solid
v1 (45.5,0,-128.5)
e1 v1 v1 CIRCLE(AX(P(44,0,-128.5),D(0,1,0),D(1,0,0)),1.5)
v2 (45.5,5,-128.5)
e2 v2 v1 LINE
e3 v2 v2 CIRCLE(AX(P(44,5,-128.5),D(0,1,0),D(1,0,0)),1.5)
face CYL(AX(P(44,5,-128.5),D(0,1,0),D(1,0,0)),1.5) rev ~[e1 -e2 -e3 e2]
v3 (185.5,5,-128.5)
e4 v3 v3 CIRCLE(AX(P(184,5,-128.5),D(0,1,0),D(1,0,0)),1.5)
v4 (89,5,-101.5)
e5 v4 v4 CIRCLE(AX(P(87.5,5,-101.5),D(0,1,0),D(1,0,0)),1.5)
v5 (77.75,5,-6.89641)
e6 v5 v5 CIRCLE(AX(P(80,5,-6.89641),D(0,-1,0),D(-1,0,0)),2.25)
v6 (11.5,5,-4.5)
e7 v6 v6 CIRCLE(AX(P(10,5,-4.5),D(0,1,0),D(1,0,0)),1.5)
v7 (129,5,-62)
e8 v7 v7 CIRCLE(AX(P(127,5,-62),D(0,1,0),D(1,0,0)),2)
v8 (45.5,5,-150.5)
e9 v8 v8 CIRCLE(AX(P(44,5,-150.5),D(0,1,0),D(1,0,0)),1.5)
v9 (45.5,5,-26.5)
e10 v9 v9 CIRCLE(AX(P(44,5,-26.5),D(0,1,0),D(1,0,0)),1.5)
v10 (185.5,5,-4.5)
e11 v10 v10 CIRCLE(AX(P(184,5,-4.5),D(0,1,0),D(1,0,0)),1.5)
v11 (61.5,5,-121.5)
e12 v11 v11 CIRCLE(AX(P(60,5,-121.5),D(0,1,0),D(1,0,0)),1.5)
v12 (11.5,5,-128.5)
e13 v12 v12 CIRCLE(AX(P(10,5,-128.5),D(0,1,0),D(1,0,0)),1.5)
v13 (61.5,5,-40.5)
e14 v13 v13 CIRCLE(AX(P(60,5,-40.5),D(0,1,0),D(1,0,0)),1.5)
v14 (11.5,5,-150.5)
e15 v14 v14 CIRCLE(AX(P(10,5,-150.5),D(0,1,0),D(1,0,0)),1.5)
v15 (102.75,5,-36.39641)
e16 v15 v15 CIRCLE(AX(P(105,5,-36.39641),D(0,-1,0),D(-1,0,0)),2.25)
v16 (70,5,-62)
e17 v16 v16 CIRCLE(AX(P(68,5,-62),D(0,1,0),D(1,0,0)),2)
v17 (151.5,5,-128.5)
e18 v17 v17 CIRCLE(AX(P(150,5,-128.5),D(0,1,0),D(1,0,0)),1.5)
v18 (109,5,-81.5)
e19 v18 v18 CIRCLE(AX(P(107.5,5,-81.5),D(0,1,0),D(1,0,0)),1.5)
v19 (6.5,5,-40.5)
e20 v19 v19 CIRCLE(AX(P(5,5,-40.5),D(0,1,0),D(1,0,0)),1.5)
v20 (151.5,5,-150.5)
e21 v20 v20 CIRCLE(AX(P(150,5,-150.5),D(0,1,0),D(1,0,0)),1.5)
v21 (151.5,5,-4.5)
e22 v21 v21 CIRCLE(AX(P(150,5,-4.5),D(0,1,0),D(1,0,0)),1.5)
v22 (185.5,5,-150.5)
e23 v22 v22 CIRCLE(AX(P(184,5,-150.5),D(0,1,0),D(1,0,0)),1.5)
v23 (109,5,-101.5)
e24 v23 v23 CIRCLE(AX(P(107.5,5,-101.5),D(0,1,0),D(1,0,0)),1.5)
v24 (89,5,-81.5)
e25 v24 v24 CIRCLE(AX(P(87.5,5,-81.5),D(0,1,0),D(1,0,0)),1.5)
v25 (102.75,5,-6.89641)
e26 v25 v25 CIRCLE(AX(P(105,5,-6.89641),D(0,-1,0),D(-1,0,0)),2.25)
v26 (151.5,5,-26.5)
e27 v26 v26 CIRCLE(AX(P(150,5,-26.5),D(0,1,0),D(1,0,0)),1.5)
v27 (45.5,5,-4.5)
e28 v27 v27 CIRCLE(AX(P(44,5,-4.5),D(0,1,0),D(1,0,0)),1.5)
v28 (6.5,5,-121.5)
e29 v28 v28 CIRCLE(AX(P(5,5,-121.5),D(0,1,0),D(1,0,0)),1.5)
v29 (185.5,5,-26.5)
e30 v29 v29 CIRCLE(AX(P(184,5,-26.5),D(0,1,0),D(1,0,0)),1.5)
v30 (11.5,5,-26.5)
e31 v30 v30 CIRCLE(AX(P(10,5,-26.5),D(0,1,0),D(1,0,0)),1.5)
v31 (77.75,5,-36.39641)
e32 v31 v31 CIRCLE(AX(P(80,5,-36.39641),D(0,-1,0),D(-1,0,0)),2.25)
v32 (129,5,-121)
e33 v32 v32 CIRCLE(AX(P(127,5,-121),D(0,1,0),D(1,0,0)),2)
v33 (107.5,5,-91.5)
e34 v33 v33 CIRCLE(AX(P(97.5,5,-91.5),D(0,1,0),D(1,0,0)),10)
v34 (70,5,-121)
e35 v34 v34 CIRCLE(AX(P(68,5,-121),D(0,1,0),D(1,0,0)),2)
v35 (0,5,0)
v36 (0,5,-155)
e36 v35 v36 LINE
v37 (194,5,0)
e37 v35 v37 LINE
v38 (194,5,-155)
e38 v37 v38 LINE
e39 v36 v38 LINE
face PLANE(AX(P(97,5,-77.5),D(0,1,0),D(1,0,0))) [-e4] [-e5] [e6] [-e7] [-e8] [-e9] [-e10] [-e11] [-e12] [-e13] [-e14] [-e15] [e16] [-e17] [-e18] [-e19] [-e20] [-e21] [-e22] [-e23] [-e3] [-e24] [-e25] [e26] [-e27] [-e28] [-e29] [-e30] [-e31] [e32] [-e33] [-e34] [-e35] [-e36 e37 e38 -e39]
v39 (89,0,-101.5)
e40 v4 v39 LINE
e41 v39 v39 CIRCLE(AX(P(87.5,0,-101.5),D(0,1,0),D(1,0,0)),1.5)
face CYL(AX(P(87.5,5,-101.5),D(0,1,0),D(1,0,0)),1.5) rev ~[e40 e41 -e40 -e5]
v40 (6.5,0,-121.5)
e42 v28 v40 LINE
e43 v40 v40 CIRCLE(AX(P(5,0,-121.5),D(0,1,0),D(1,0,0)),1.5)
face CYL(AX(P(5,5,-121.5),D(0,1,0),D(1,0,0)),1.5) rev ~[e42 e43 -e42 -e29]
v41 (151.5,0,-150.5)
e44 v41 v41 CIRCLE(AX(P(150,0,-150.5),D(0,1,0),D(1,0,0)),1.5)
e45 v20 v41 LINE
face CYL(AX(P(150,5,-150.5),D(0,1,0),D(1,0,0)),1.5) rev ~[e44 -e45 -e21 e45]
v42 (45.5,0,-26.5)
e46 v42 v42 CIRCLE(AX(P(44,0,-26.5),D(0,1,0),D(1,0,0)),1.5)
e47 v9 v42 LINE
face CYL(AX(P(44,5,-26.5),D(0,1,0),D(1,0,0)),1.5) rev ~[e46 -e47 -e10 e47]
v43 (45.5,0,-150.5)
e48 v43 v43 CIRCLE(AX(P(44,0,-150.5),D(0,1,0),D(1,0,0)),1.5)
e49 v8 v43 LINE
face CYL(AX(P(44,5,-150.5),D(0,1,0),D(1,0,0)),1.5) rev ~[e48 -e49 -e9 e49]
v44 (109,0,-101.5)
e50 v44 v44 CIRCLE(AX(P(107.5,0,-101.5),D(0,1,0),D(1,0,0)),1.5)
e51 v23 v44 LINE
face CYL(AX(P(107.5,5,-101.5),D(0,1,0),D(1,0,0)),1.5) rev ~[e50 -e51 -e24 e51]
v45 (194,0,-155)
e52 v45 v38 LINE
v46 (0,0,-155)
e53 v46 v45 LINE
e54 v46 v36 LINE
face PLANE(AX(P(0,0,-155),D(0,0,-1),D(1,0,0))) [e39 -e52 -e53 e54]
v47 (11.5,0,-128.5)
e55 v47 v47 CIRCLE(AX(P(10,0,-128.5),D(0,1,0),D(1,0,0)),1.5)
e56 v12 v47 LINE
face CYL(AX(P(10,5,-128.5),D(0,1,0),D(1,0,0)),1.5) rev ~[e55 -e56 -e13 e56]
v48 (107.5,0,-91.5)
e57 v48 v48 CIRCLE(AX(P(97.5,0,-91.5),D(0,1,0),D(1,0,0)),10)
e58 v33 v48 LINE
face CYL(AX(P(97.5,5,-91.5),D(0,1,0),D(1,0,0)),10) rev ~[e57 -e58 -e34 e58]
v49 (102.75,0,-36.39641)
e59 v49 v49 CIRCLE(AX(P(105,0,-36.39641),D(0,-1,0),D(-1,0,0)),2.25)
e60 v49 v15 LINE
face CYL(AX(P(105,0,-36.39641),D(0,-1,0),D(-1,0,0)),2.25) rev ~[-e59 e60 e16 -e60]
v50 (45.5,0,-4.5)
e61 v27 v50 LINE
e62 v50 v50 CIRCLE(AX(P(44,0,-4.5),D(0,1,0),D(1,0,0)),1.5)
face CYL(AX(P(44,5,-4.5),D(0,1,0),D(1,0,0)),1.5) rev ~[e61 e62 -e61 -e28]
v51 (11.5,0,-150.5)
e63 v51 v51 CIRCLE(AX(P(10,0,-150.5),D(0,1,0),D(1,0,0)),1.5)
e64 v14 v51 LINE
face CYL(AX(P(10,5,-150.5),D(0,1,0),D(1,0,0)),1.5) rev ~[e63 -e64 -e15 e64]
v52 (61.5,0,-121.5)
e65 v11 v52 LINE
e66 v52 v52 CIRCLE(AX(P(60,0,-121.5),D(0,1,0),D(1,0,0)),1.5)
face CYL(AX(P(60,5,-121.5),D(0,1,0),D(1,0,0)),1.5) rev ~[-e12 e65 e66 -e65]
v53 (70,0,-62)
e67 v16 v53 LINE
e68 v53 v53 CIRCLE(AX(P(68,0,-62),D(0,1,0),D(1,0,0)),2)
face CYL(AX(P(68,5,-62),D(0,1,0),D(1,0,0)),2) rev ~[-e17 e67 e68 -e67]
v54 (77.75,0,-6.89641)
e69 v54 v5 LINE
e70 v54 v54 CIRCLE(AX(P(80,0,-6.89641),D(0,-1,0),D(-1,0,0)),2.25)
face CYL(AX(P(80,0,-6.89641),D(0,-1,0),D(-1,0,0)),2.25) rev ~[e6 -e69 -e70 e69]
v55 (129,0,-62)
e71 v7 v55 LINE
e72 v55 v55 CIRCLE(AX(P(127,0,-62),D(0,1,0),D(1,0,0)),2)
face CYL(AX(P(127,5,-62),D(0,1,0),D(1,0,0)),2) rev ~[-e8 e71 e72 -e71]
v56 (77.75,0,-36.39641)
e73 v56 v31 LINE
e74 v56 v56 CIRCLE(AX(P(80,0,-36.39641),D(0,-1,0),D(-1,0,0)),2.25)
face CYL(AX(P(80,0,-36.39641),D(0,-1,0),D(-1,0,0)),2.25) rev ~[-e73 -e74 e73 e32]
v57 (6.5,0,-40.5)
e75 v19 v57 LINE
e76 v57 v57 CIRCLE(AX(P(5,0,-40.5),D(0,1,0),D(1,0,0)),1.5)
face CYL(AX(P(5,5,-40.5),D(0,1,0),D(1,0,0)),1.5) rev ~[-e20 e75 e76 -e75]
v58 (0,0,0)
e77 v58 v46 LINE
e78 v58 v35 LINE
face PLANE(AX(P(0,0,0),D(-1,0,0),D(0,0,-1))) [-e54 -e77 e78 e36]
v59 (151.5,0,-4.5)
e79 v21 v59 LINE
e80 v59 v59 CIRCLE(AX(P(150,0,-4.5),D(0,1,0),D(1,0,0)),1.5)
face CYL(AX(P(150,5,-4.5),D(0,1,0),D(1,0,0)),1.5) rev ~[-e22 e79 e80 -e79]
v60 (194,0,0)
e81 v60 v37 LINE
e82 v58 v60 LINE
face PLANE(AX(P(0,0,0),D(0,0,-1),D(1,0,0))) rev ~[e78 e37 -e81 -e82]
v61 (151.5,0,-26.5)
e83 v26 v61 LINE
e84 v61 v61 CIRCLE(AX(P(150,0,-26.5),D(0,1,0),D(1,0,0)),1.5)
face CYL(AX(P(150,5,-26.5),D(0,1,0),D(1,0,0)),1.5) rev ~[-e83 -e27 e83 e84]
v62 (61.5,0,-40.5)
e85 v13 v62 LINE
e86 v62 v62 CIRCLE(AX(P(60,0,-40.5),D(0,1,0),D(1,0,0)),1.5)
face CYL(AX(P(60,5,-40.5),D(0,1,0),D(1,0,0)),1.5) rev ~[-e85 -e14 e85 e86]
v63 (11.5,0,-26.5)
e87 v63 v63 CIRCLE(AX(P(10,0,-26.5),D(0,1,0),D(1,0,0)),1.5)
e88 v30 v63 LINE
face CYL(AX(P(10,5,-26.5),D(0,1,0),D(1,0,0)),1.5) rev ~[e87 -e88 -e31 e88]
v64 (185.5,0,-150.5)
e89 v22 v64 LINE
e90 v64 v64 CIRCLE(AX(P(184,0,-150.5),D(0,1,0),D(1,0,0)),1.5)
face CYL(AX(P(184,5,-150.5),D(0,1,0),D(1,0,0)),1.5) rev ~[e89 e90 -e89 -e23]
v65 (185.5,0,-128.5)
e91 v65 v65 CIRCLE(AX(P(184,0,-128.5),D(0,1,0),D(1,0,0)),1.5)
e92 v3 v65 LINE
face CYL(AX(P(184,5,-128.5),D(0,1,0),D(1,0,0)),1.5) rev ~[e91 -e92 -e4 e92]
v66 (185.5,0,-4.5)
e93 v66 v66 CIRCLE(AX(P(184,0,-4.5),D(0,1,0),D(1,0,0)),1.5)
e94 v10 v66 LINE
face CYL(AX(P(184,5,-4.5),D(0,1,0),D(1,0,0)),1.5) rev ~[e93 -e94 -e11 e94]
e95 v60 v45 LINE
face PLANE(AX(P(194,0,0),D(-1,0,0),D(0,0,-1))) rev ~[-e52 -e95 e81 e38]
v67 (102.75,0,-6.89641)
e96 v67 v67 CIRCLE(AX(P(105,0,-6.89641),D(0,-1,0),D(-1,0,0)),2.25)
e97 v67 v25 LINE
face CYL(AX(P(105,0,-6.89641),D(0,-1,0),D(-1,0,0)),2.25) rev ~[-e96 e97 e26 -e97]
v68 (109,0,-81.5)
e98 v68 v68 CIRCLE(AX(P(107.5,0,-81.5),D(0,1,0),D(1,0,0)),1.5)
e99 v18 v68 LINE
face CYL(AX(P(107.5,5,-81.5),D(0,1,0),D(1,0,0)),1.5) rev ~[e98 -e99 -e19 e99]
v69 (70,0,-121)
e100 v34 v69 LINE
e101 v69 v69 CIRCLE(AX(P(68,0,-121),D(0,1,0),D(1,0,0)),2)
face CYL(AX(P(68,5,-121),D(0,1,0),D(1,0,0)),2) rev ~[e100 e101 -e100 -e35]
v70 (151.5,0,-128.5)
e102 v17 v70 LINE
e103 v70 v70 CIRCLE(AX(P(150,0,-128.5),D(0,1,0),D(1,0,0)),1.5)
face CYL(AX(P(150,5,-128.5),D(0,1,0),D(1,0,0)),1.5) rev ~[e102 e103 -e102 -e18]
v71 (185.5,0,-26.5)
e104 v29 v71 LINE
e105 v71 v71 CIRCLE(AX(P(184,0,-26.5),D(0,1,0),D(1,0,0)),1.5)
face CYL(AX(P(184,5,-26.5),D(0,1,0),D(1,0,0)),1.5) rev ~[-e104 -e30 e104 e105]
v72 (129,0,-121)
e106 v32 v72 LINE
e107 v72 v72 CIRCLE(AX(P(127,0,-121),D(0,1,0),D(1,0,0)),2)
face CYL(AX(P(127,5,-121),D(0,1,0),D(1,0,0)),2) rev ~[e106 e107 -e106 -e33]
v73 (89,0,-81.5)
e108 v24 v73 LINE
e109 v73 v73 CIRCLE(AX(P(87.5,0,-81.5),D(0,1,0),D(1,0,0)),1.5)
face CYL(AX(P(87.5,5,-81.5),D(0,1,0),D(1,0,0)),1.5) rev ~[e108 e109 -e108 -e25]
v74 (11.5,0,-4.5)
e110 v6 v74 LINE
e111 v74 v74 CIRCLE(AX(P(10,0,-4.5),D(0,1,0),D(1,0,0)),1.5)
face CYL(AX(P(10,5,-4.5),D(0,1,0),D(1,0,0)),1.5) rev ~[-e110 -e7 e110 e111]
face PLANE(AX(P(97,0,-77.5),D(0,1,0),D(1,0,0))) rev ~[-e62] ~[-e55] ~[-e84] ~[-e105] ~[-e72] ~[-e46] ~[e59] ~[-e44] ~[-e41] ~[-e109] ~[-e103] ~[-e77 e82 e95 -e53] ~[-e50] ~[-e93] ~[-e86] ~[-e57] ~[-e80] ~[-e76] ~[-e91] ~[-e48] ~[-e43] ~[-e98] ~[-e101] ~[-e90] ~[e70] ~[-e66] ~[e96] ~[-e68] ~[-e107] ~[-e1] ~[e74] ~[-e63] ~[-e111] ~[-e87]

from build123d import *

# Parameters (mm, degrees)
SKETCH1_W           = 194
SKETCH1_H           = 155
BOSS_EXTRUDE1_DEPTH = 5
SKETCH2_R           = 2
CUT_EXTRUDE1_DEPTH  = 6
SKETCH3_R           = 10
SKETCH3_R_2         = 1.5
CUT_EXTRUDE2_DEPTH  = 6
SKETCH4_R           = 2.25
CUT_EXTRUDE3_DEPTH  = 6
SKETCH5_R           = 1.5
CUT_EXTRUDE4_DEPTH  = 6
SKETCH6_R           = 1.5
CUT_EXTRUDE5_DEPTH  = 6


with BuildPart() as part:
    # Sketch1 → Boss-Extrude1 (new body)
    with BuildSketch(Plane(origin=(0, 0, 0), x_dir=(1, 0, 0), z_dir=(0, 1, 0))):
        with Locations((97, 77.5)):
            Rectangle(SKETCH1_W, SKETCH1_H)
    extrude(amount=BOSS_EXTRUDE1_DEPTH)

    # Sketch2 → Cut-Extrude1 (cut, through all)
    with BuildSketch(Plane(origin=(0, 5, 0), x_dir=(1, 0, 0), z_dir=(0, 1, 0))):
        with Locations((68, 121)):
            Circle(SKETCH2_R)
        with Locations((127, 121)):
            Circle(SKETCH2_R)
        with Locations((68, 62)):
            Circle(SKETCH2_R)
        with Locations((127, 62)):
            Circle(SKETCH2_R)
    extrude(amount=-CUT_EXTRUDE1_DEPTH, mode=Mode.SUBTRACT)

    # Sketch3 → Cut-Extrude2 (cut, through all)
    with BuildSketch(Plane(origin=(0, 5, 0), x_dir=(1, 0, 0), z_dir=(0, 1, 0))):
        with Locations((97.5, 91.5)):
            Circle(SKETCH3_R)
        with Locations((107.5, 101.5)):
            Circle(SKETCH3_R_2)
        with Locations((107.5, 81.5)):
            Circle(SKETCH3_R_2)
        with Locations((87.5, 81.5)):
            Circle(SKETCH3_R_2)
        with Locations((87.5, 101.5)):
            Circle(SKETCH3_R_2)
    extrude(amount=-CUT_EXTRUDE2_DEPTH, mode=Mode.SUBTRACT)

    # Sketch4 → Cut-Extrude3 (cut, through all)
    with BuildSketch(Plane(origin=(0, 0, 0), x_dir=(-1, 0, 0), z_dir=(0, -1, 0))):
        with Locations((-80, 6.896410277)):
            Circle(SKETCH4_R)
        with Locations((-105, 6.896410277)):
            Circle(SKETCH4_R)
        with Locations((-80, 36.396410277)):
            Circle(SKETCH4_R)
        with Locations((-105, 36.396410277)):
            Circle(SKETCH4_R)
    extrude(amount=-CUT_EXTRUDE3_DEPTH, mode=Mode.SUBTRACT)

    # Sketch5 → Cut-Extrude4 (cut, through all)
    with BuildSketch(Plane(origin=(0, 5, 0), x_dir=(1, 0, 0), z_dir=(0, 1, 0))):
        with Locations((10, 4.5)):
            Circle(SKETCH5_R)
        with Locations((44, 4.5)):
            Circle(SKETCH5_R)
        with Locations((44, 26.5)):
            Circle(SKETCH5_R)
        with Locations((10, 26.5)):
            Circle(SKETCH5_R)
        with Locations((150, 4.5)):
            Circle(SKETCH5_R)
        with Locations((150, 26.5)):
            Circle(SKETCH5_R)
        with Locations((184, 26.5)):
            Circle(SKETCH5_R)
        with Locations((184, 4.5)):
            Circle(SKETCH5_R)
        with Locations((150, 128.5)):
            Circle(SKETCH5_R)
        with Locations((150, 150.5)):
            Circle(SKETCH5_R)
        with Locations((184, 150.5)):
            Circle(SKETCH5_R)
        with Locations((184, 128.5)):
            Circle(SKETCH5_R)
        with Locations((10, 128.5)):
            Circle(SKETCH5_R)
        with Locations((10, 150.5)):
            Circle(SKETCH5_R)
        with Locations((44, 150.5)):
            Circle(SKETCH5_R)
        with Locations((44, 128.5)):
            Circle(SKETCH5_R)
    extrude(amount=-CUT_EXTRUDE4_DEPTH, mode=Mode.SUBTRACT)

    # Sketch6 → Cut-Extrude5 (cut, through all)
    with BuildSketch(Plane(origin=(0, 5, 0), x_dir=(1, 0, 0), z_dir=(0, 1, 0))):
        with Locations((5, 121.5)):
            Circle(SKETCH6_R)
        with Locations((60, 121.5)):
            Circle(SKETCH6_R)
        with Locations((5, 40.5)):
            Circle(SKETCH6_R)
        with Locations((60, 40.5)):
            Circle(SKETCH6_R)
    extrude(amount=-CUT_EXTRUDE5_DEPTH, mode=Mode.SUBTRACT)


solid = part.part
